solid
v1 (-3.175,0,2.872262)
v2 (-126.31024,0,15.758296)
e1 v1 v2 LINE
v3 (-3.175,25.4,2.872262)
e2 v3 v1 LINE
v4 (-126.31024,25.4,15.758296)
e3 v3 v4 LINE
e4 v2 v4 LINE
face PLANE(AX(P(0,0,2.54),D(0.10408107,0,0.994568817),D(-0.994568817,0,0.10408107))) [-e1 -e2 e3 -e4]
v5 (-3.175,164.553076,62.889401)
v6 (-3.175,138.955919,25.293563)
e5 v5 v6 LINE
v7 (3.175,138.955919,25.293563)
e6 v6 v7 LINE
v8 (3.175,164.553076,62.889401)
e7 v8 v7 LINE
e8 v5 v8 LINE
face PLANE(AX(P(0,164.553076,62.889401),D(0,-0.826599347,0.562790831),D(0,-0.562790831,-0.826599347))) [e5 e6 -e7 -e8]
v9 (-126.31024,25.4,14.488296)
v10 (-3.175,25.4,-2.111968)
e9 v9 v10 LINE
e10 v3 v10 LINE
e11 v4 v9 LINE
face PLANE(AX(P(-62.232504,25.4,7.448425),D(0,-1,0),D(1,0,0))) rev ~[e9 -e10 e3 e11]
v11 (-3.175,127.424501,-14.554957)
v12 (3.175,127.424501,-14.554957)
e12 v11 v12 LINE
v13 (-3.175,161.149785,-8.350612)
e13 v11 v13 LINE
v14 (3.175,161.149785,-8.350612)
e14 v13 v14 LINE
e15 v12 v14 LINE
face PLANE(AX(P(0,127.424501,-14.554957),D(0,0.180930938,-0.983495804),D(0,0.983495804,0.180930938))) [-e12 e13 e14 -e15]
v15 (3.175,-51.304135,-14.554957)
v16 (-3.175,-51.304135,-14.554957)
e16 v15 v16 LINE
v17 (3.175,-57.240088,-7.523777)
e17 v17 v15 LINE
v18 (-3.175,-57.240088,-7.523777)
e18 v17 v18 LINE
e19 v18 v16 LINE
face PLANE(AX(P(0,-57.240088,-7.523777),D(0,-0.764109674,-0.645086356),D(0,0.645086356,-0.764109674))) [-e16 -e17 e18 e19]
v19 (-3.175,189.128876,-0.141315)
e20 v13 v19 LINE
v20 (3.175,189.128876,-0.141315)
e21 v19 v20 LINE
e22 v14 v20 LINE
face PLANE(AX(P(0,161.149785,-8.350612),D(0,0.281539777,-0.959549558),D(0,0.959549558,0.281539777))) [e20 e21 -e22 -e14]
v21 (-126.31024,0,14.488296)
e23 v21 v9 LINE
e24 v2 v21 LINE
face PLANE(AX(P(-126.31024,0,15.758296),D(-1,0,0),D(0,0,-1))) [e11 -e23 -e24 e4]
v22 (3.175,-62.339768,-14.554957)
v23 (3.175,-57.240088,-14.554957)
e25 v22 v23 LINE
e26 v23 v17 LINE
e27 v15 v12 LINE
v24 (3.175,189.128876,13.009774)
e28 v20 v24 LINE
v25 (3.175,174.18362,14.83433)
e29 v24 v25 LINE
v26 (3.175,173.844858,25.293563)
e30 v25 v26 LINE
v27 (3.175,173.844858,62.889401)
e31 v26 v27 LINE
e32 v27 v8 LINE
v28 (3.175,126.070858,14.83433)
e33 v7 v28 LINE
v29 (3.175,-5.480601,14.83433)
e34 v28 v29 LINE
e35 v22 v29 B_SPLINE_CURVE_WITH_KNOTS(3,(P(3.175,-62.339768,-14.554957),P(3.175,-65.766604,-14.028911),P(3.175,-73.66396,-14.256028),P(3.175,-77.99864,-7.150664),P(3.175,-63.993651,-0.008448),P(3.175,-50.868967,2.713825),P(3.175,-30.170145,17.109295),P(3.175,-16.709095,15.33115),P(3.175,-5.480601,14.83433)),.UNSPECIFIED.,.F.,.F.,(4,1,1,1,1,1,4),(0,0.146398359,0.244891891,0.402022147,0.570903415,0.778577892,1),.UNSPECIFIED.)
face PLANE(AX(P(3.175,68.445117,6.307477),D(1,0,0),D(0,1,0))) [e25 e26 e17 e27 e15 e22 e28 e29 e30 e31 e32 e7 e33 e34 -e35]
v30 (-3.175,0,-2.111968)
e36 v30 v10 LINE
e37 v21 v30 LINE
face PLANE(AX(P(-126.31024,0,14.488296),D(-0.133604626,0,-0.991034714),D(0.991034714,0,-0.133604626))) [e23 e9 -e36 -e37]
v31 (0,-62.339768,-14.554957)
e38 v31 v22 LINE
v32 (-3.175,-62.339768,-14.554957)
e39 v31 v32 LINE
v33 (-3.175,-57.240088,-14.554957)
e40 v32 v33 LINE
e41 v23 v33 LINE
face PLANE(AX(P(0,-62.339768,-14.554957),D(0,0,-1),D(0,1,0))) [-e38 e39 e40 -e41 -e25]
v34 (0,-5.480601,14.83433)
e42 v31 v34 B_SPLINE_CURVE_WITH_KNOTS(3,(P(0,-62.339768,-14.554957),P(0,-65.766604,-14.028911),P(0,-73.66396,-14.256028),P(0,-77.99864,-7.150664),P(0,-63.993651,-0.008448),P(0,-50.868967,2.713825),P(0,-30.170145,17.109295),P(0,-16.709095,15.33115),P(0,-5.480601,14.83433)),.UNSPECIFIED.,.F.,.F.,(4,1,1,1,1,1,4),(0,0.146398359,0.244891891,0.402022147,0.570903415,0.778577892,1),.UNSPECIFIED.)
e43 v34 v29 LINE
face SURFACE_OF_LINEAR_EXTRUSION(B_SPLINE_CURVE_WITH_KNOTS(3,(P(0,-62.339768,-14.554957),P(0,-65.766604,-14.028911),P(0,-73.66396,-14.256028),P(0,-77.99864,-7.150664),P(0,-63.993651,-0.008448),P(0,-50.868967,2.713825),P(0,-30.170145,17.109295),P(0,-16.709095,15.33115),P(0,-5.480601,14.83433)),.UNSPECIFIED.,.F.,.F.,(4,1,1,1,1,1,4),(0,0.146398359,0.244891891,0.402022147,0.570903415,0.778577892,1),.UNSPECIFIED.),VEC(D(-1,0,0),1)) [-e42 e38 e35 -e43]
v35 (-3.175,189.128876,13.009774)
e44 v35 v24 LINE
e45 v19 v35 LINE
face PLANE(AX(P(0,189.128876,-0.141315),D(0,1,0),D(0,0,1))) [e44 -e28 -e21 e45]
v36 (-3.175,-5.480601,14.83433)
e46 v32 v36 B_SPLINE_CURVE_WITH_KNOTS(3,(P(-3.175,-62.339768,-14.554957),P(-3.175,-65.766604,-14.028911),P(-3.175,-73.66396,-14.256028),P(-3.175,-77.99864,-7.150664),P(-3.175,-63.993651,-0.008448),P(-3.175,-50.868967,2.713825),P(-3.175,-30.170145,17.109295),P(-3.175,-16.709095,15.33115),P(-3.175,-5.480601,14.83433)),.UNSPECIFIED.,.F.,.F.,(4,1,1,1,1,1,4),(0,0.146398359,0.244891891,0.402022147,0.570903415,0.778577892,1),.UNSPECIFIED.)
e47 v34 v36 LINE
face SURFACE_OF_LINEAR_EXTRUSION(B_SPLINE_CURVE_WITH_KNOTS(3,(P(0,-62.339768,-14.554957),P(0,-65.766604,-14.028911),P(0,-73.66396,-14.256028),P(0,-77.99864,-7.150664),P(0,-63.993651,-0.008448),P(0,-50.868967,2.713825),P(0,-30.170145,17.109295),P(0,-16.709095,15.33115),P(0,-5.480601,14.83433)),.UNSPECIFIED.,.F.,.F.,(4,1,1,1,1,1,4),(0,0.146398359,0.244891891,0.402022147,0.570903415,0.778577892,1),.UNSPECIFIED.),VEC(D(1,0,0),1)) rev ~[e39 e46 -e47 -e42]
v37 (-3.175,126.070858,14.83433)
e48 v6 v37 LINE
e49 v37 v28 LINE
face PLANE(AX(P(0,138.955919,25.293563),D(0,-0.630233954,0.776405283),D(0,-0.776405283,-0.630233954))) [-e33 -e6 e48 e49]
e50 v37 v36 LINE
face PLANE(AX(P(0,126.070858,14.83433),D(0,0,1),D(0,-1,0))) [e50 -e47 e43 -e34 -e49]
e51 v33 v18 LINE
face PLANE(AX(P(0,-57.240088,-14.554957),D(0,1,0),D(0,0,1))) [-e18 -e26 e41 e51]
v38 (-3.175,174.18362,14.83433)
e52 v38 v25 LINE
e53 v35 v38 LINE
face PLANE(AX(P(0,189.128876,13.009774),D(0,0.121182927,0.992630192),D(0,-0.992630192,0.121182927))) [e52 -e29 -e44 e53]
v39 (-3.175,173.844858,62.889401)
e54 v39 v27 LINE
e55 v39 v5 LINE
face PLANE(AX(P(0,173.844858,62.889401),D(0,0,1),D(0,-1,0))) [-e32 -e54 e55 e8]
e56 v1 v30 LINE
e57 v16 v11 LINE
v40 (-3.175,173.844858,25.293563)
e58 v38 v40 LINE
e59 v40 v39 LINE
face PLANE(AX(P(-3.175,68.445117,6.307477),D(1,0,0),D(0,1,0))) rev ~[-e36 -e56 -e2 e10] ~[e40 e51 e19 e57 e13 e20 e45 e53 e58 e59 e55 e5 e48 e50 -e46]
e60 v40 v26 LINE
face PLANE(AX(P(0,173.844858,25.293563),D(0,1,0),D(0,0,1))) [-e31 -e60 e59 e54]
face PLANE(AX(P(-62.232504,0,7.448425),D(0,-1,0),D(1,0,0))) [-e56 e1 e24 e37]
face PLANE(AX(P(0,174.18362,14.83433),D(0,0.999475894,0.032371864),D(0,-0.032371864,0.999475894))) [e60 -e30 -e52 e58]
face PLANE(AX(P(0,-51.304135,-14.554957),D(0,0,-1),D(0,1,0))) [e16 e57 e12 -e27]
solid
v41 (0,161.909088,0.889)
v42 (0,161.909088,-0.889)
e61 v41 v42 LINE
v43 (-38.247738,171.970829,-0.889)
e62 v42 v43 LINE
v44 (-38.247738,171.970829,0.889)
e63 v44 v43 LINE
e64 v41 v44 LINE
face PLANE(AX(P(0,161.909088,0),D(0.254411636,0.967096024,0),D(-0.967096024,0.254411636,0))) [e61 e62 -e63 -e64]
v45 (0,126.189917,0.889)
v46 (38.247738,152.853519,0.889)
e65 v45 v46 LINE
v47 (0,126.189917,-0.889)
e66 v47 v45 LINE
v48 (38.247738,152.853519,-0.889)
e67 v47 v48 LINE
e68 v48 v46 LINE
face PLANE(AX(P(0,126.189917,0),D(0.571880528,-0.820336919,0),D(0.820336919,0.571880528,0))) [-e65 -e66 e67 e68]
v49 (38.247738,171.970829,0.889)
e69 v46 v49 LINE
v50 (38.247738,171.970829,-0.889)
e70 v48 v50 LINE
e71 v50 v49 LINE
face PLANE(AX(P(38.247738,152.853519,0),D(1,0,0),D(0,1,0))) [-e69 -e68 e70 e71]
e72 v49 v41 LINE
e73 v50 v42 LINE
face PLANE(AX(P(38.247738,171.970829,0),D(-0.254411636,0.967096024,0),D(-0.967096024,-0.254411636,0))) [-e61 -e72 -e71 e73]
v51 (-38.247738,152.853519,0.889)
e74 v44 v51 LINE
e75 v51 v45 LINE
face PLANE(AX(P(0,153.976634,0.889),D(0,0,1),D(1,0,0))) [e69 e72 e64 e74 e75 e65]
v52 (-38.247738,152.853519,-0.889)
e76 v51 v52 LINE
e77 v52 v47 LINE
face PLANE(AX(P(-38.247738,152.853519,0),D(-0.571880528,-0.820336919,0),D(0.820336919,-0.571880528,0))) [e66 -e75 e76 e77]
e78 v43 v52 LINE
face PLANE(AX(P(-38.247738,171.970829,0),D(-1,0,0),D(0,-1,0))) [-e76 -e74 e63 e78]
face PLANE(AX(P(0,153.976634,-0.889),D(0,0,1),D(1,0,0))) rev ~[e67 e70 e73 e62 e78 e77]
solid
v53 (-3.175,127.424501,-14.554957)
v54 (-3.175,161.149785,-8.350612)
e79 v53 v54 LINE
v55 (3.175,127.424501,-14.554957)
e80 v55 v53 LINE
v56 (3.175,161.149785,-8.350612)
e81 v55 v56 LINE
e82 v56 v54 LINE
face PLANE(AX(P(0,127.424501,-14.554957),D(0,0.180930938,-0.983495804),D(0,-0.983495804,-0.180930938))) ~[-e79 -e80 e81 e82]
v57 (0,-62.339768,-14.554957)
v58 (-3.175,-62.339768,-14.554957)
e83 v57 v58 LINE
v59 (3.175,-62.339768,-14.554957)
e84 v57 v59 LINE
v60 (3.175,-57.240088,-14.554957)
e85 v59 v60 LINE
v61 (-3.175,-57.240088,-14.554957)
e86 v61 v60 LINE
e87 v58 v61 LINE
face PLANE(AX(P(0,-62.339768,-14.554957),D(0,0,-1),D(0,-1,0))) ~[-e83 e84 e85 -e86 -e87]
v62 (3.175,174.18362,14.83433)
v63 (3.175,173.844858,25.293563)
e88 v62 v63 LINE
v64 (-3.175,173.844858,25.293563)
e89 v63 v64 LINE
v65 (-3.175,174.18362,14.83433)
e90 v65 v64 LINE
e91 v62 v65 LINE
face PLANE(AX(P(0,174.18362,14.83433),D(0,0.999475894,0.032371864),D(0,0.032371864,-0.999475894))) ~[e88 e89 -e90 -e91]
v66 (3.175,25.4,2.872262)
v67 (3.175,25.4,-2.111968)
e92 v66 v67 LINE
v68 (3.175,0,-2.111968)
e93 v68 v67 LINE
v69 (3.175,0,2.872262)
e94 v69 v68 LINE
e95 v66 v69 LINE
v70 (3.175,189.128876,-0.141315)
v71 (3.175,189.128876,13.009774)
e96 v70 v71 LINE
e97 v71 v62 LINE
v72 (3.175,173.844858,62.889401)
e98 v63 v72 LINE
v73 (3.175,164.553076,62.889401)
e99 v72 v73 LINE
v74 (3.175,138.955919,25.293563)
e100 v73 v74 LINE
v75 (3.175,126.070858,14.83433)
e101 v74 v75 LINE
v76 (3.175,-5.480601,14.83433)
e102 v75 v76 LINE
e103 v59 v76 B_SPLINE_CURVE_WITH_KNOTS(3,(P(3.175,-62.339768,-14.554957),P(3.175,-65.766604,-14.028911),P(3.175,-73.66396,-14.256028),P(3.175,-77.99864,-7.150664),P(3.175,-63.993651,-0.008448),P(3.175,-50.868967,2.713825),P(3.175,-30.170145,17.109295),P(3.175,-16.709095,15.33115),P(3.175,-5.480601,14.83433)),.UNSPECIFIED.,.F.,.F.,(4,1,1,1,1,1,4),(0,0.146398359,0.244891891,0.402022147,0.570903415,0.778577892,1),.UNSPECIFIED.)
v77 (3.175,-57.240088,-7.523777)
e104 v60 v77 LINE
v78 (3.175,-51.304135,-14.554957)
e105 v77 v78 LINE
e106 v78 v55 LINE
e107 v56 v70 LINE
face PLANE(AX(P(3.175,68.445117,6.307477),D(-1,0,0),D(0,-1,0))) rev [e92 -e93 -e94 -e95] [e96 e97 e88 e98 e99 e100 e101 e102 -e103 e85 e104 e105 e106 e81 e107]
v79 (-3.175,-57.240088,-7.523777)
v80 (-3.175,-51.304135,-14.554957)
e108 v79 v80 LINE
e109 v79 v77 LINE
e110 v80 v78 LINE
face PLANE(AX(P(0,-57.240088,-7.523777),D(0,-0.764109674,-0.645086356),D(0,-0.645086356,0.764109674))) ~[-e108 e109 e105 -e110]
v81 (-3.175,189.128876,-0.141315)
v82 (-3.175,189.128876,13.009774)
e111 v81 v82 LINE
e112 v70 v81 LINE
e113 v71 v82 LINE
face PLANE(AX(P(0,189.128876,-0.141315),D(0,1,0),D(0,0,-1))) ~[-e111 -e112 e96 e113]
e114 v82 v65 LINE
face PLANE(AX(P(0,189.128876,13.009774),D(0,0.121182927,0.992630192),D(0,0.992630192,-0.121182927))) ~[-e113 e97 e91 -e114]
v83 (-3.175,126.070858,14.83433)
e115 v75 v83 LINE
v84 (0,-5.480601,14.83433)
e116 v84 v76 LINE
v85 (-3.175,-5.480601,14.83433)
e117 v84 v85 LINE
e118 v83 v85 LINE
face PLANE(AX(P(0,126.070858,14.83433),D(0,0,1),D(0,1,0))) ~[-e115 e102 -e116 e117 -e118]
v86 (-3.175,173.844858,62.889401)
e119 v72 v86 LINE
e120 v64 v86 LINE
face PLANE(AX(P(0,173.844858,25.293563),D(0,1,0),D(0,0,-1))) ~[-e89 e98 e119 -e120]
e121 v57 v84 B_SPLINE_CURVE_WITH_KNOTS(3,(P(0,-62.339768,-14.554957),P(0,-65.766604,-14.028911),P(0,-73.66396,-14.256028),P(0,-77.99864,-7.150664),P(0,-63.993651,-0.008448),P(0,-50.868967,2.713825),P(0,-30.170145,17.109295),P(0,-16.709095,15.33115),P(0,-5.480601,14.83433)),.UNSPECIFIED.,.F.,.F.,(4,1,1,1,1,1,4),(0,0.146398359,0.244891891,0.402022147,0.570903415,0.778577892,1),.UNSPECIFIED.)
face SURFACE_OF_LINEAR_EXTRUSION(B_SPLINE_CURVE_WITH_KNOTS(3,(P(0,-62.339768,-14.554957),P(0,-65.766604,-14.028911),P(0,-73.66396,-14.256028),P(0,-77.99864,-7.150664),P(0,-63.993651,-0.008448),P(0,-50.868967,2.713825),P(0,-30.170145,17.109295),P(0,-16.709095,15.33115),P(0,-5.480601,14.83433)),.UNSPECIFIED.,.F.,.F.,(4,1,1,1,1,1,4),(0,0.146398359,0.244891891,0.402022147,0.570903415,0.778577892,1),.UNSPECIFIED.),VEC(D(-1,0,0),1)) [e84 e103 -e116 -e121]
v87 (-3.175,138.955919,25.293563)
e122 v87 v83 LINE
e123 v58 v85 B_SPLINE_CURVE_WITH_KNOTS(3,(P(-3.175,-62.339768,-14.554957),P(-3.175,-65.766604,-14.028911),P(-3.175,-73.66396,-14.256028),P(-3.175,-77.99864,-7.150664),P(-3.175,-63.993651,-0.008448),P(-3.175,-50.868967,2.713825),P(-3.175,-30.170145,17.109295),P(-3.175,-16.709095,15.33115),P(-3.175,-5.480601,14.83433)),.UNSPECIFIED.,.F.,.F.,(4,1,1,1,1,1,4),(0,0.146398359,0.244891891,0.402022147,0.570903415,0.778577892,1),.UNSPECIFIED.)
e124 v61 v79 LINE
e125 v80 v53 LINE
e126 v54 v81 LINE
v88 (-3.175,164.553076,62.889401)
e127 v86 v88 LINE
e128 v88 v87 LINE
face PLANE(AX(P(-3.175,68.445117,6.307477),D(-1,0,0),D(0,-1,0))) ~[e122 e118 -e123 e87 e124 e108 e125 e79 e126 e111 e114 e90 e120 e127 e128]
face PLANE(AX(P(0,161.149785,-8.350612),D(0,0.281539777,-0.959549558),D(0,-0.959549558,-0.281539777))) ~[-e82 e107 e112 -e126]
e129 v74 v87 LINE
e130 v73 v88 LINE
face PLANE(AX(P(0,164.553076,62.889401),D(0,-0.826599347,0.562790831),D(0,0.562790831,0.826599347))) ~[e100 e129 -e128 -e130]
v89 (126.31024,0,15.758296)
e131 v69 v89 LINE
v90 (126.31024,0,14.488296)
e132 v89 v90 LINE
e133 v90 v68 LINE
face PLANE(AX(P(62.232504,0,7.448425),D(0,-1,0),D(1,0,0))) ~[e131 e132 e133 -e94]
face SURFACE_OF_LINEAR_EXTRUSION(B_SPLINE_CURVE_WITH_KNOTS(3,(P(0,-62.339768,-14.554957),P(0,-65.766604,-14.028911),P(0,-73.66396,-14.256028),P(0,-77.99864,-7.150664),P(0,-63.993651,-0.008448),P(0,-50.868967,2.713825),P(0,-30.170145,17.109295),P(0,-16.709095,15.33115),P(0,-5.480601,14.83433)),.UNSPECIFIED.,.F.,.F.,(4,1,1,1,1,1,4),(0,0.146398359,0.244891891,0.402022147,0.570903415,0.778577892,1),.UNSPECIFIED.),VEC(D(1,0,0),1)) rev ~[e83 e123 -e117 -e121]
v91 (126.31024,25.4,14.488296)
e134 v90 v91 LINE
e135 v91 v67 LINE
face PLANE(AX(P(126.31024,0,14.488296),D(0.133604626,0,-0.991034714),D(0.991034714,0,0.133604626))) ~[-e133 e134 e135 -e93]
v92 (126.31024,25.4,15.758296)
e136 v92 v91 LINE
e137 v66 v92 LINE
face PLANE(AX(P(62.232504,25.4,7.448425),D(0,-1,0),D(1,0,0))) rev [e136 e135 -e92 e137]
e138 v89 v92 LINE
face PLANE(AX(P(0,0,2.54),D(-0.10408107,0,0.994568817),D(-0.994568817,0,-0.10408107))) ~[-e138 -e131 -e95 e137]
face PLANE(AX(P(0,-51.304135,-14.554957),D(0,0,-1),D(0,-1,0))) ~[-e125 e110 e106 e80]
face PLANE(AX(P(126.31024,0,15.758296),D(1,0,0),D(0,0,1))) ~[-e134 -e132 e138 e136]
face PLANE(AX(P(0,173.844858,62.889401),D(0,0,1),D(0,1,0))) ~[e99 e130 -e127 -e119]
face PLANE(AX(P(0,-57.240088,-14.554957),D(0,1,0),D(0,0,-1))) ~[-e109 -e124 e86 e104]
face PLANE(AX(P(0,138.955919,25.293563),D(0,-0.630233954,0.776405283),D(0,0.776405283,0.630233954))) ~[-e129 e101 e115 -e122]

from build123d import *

# Parameters (mm, degrees)
F2_DEPTH = 0.889
F3_DEPTH = 3.175
F5_DEPTH = 25.4


with BuildPart() as f2:
    # F1 (on Top) → F2 (new body, symmetric)
    with BuildSketch(Plane.XY):
        Polygon((-38.2477380335, 152.8535187244), (0, 126.189917326), (38.2477380335, 152.8535187244), (38.2477380335, 171.9708293676), (0, 161.9090884924), (-38.2477380335, 171.9708293676), align=None)
    extrude(amount=F2_DEPTH, both=True)


with BuildPart() as f3:
    # F0 (on Right) → F3 (new body, symmetric)
    with BuildSketch(Plane.YZ):
        with BuildLine():
            Line((-51.3041354716, -14.5549571389), (78.9766012458, -14.5549571389))
            Line((78.9766012458, -14.5549571389), (127.4245007662, -14.5549571389))
            Line((127.4245007662, -14.5549571389), (161.1497849226, -8.35061213))
            Line((161.1497849226, -8.35061213), (189.1288757324, -0.1413154632))
            Line((189.1288757324, -0.1413154632), (189.1288757324, 13.0097735673))
            Line((189.1288757324, 13.0097735673), (174.1836199154, 14.8343300374))
            Line((174.1836199154, 14.8343300374), (173.8448575089, 25.2935626863))
            Line((173.8448575089, 25.2935626863), (173.8448575089, 62.8894009946))
            Line((173.8448575089, 62.8894009946), (164.5530762505, 62.8894009946))
            Line((164.5530762505, 62.8894009946), (138.9559194396, 25.2935626863))
            Line((138.9559194396, 25.2935626863), (126.0708575701, 14.8343300374))
            Line((126.0708575701, 14.8343300374), (76.2989670038, 14.8343300374))
            Line((76.2989670038, 14.8343300374), (-5.4806010848, 14.8343300374))
            add(Edge.make_bspline(
                [(-62.3397679301, -14.5549571389), (-65.7666039501, -14.0289106666), (-73.6639599321, -14.2560279061), (-77.9986398959, -7.1506636672), (-63.9936508601, -0.0084478731), (-50.8689666047, 2.7138254599), (-30.1701448446, 17.1092950293), (-16.709095113, 15.3311499793), (-5.4806010848, 14.8343300374)],
                knots=[0, 0, 0, 0, 0.1463983586, 0.2448918915, 0.4020221466, 0.5709034149, 0.7785778924, 1, 1, 1, 1], degree=3))
            Line((-62.3397679301, -14.5549571389), (-57.240087539, -14.5549571389))
            Line((-57.240087539, -14.5549571389), (-57.240087539, -7.5237769634))
            Line((-57.240087539, -7.5237769634), (-51.3041354716, -14.5549571389))
        make_face()
    extrude(amount=F3_DEPTH, both=True)

    # F4 (on Front) → F5 (join)
    with BuildSketch(Plane.XZ):
        Polygon((0, 2.54), (-126.3102396993, 15.7582959231), (-126.3102396993, 14.4882959231), (0, -2.54), align=None)
    extrude(amount=-F5_DEPTH)


with BuildPart() as f6_1:
    # F6: instance of F3
    add(f3.part.mirror(Plane.YZ))


solid = Compound([f2.part, f3.part, f6_1.part])
